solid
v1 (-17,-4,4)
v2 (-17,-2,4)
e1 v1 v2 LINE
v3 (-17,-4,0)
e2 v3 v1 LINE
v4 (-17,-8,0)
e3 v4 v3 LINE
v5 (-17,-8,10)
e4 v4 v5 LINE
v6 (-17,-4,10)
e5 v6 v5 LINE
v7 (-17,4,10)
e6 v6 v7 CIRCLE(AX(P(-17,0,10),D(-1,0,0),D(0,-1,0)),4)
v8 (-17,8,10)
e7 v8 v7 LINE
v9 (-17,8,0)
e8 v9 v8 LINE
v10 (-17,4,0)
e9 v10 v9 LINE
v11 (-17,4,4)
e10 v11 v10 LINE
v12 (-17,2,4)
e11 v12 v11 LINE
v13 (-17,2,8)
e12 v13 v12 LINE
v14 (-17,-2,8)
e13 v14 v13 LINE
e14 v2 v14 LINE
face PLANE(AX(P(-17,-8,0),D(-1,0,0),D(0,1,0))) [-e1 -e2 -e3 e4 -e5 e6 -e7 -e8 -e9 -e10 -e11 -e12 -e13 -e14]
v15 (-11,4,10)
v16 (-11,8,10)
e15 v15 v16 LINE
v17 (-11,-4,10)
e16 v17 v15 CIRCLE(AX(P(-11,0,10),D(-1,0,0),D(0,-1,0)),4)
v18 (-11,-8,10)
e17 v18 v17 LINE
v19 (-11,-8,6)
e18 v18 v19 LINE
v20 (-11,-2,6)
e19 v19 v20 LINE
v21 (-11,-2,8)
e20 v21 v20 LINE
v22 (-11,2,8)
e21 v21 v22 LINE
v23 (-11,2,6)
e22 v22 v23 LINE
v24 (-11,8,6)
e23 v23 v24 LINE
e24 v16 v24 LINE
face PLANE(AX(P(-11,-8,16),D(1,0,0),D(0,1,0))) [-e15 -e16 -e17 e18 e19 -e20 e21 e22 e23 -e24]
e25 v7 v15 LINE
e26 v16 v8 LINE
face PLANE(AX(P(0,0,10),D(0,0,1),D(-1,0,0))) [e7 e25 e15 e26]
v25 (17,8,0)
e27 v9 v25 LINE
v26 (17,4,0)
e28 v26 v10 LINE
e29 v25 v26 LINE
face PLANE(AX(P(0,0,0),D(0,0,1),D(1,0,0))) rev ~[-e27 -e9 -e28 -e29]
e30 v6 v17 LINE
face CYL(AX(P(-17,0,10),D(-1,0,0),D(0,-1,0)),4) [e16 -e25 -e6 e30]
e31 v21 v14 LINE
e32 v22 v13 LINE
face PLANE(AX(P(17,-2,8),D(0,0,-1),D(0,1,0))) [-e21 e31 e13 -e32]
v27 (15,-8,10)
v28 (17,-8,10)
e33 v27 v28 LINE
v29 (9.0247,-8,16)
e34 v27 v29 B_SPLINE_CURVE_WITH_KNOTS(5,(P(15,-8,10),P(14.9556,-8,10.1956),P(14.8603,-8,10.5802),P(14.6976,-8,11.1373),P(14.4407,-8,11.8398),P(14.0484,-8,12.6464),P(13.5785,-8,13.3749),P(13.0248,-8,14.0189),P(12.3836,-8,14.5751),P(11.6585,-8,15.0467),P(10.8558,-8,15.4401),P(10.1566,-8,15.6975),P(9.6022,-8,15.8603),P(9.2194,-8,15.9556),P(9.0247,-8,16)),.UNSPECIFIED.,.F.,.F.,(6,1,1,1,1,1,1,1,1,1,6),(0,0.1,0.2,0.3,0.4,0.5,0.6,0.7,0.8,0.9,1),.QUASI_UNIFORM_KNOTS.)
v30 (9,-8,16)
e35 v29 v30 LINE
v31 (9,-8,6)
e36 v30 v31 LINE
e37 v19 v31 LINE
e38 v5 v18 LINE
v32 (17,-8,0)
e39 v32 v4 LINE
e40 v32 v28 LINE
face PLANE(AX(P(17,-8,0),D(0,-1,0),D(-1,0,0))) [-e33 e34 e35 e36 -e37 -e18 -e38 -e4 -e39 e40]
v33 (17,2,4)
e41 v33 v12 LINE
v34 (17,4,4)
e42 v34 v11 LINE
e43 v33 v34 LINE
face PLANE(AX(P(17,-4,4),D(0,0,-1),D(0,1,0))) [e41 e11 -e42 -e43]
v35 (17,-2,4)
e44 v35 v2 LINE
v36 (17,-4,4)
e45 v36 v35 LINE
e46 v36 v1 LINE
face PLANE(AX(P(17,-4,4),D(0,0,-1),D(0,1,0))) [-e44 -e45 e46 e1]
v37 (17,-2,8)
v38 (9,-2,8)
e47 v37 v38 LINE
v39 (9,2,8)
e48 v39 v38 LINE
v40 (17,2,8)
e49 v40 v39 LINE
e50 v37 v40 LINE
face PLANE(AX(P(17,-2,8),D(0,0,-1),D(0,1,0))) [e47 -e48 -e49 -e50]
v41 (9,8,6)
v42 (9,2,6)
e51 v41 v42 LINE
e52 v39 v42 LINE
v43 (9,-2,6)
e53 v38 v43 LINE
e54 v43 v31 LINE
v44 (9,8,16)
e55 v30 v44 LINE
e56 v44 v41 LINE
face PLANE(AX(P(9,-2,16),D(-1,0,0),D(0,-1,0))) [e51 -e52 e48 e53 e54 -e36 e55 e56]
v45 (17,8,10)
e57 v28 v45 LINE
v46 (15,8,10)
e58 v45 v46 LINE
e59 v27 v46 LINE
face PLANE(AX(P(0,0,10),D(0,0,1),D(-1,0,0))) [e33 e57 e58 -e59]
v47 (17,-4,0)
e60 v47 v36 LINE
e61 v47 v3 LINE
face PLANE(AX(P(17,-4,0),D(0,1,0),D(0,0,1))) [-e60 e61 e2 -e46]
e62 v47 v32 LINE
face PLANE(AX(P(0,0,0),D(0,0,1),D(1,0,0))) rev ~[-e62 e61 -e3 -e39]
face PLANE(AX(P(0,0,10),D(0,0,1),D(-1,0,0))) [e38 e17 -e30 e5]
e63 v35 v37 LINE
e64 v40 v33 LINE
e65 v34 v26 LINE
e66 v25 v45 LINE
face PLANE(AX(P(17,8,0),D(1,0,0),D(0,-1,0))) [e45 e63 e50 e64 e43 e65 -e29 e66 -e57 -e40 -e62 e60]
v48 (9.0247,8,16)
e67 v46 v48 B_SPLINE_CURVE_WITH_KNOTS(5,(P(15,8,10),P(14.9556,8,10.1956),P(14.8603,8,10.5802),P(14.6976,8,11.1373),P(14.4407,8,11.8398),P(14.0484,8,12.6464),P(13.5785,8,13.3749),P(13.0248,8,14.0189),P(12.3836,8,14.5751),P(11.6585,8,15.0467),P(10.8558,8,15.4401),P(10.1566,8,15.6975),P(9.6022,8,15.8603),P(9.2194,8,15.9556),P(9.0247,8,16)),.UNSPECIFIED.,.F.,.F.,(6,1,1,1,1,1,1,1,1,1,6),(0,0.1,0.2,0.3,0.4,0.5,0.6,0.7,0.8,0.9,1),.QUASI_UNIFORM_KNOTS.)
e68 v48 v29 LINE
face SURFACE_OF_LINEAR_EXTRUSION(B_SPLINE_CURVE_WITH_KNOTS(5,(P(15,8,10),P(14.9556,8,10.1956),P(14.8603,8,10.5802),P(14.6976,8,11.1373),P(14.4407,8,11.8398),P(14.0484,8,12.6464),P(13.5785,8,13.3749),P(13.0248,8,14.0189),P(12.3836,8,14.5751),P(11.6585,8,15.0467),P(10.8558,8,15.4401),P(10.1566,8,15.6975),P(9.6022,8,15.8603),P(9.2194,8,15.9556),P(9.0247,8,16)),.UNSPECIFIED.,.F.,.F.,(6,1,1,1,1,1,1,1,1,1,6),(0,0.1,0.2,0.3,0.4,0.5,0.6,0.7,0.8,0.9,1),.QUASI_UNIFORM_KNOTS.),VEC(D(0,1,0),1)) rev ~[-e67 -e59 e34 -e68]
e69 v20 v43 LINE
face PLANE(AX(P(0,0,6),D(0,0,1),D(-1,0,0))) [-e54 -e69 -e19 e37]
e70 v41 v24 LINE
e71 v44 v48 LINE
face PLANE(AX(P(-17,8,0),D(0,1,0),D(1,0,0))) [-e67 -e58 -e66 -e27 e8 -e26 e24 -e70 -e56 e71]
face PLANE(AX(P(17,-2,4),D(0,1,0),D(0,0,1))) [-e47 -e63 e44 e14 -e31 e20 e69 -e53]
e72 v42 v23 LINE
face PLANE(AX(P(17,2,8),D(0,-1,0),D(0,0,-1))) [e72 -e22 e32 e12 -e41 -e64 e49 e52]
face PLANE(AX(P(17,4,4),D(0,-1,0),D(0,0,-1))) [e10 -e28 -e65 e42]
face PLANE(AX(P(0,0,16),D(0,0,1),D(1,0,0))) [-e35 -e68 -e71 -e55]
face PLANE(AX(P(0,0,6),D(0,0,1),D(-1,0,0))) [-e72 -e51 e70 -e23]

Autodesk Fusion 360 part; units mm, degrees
sketch "Sketch1" plane through (0, 0, 0) normal (0, 0, 1) x (1, 0, 0)
  line L0 (17, -8) -> (-17, -8)
  line L1 (-17, -8) -> (-17, 8)
  line L2 (-17, 8) -> (17, 8)
  line L3 (17, 8) -> (17, -8)
  line L4 (17, -8) -> (-17, 8) construction
  line L5 (-17, -8) -> (17, 8) construction
  dimension "d1" = 34
  dimension "d2" = 16
extrude "Extrude1" add sketch "Sketch1" along normal blind 16
sketch "Sketch2" plane through (0, 0, 16) normal (0, 0, 1) x (-1, 0, 0)
  line L0 (-17, -8) -> (17, -8)
  line L1 (17, -8) -> (17, 8)
  line L2 (17, 8) -> (-17, 8)
  line L3 (-17, 8) -> (-17, -8)
  line L4 (-17, 8) -> (-15, 8)
  line L5 (-15, 8) -> (-15, -8)
  line L6 (-15, -8) -> (-17, -8)
  line L7 (-17, -8) -> (-17, 8)
  dimension "d5" = 2
extrude "Extrude2" cut sketch "Sketch2" against normal blind 6 contours L0 L2 L3 L4 L5 L6 L7
sketch "Sketch3" plane through (0, 8, 0) normal (0, 1, 0) x (-1, 0, 0)
  line L0 (-15, 16) -> (-15, 10)
  line L1 (-15, 10) -> (-17, 10)
  line L2 (-17, 10) -> (-17, 0)
  line L3 (-17, 0) -> (17, 0)
  line L4 (17, 0) -> (17, 16)
  line L5 (17, 16) -> (-15, 16)
  spline S0 degree 5 poles (-15, 10) (-14.9556, 10.1956) (-14.8603, 10.5802) (-14.6976, 11.1373) (-14.4407, 11.8398) (-14.0484, 12.6464) (-13.5785, 13.3749) (-13.0248, 14.0189) (-12.3836, 14.5751) (-11.6585, 15.0467) (-10.8558, 15.4401) (-10.1566, 15.6975) (-9.6022, 15.8603) (-9.2194, 15.9556) (-9.0247, 16) knots 0 0 0 0 0 0 0.1 0.2 0.3 0.4 0.5 0.6 0.7 0.8 0.9 1 1 1 1 1 1
  point P0 (-13, 14)
extrude "Extrude3" cut sketch "Sketch3" against normal blind 16 contours L0 L5 S0
sketch "Sketch4" plane through (17, 0, 0) normal (1, 0, 0) x (0, 1, 0)
  line L0 (8, 10) -> (-8, 10)
  line L1 (-8, 10) -> (-8, 0)
  line L2 (-8, 0) -> (8, 0)
  line L3 (8, 0) -> (8, 10)
  line L4 (4, 0) -> (-4, 0)
  line L5 (-4, 0) -> (-4, 4)
  line L6 (-4, 4) -> (4, 4)
  line L7 (4, 4) -> (4, 0)
  line L8 (4, 0) -> (-4, 4) construction
  line L9 (-4, 0) -> (4, 4) construction
  point P0 (0, 2)
  dimension "d10" = 8
  dimension "d11" = 4
extrude "Extrude4" cut sketch "Sketch4" against normal blind 34 contours L2 L4 L5 L6 L7
sketch "Sketch5" plane through (17, 0, 0) normal (1, 0, 0) x (0, 1, 0)
  line L0 (4, 4) -> (4, 0)
  line L1 (4, 0) -> (8, 0)
  line L2 (8, 0) -> (8, 10)
  line L3 (8, 10) -> (-8, 10)
  line L4 (-8, 10) -> (-8, 0)
  line L5 (-8, 0) -> (-4, 0)
  line L6 (-4, 0) -> (-4, 4)
  line L7 (-4, 4) -> (4, 4)
  line L8 (2, 4) -> (-2, 4)
  line L9 (-2, 4) -> (-2, 8)
  line L10 (-2, 8) -> (2, 8)
  line L11 (2, 8) -> (2, 4)
  line L12 (2, 4) -> (-2, 8) construction
  line L13 (-2, 4) -> (2, 8) construction
  point P0 (0, 6)
  dimension "d14" = 4
  dimension "d15" = 4
extrude "Extrude5" cut sketch "Sketch5" against normal blind 34 contours L7 L8 L9 L10 L11
sketch "Sketch6" plane through (0, 0, 16) normal (0, 0, 1) x (-1, 0, 0)
  line L0 (-9.0247, 8) -> (-9.0247, -8)
  line L1 (-9.0247, -8) -> (17, -8)
  line L2 (17, -8) -> (17, 8)
  line L3 (17, 8) -> (-9.0247, 8)
  line L4 (-9, -2) -> (11, -2)
  line L5 (11, -2) -> (11, -8)
  line L6 (11, -8) -> (-9, -8)
  line L7 (-9, -8) -> (-9, -2)
  line L8 (-9, -2) -> (11, -8) construction
  line L9 (11, -2) -> (-9, -8) construction
  point P0 (1, -5)
  dimension "d18" = 20
  dimension "d19" = 6
extrude "Extrude6" cut sketch "Sketch6" against normal blind 10 contours L1 L4 L5 L6 L7
sketch "Sketch7" plane through (0, 0, 16) normal (0, 0, 1) x (-1, 0, 0)
  line L0 (-9, -8) -> (-9, -2)
  line L1 (-9, -2) -> (11, -2)
  line L2 (11, -2) -> (11, -8)
  line L3 (11, -8) -> (17, -8)
  line L4 (17, -8) -> (17, 8)
  line L5 (17, 8) -> (-9.0247, 8)
  line L6 (-9.0247, 8) -> (-9.0247, -8)
  line L7 (-9.0247, -8) -> (-9, -8)
  line L8 (11, 2) -> (-9, 2)
  line L9 (-9, 2) -> (-9, 8)
  line L10 (-9, 8) -> (11, 8)
  line L11 (11, 8) -> (11, 2)
  line L12 (11, 2) -> (-9, 8) construction
  line L13 (-9, 2) -> (11, 8) construction
  point P0 (1, 5)
  dimension "d22" = 20
  dimension "d23" = 6
extrude "Extrude7" cut sketch "Sketch7" against normal blind 10 contours L5 L8 L9 L10 L11
sketch "Sketch8" plane through (0, 0, 16) normal (0, 0, 1) x (-1, 0, 0)
  line L0 (11, 8) -> (11, 2)
  line L1 (11, 2) -> (-9, 2)
  line L2 (-9, 2) -> (-9, 8)
  line L3 (-9, 8) -> (-9.0247, 8)
  line L4 (-9.0247, 8) -> (-9.0247, -8)
  line L5 (-9.0247, -8) -> (-9, -8)
  line L6 (-9, -8) -> (-9, -2)
  line L7 (-9, -2) -> (11, -2)
  line L8 (11, -2) -> (11, -8)
  line L9 (11, -8) -> (17, -8)
  line L10 (17, -8) -> (17, 8)
  line L11 (17, 8) -> (11, 8)
  line L12 (11, -2) -> (-9, -2)
  line L13 (-9, -2) -> (-9, 2)
  line L14 (-9, 2) -> (11, 2)
  line L15 (11, 2) -> (11, -2)
  line L16 (11, -2) -> (-9, 2) construction
  line L17 (-9, -2) -> (11, 2) construction
  point P0 (1, 0)
extrude "Extrude8" cut sketch "Sketch8" against normal blind 8 contours L1 L7 L12 L13 L14 L15
sketch "Sketch9" plane through (0, 0, 16) normal (0, 0, 1) x (-1, 0, 0)
  line L0 (11, 8) -> (11, -8)
  line L1 (11, -8) -> (17, -8)
  line L2 (17, -8) -> (17, 8)
  line L3 (17, 8) -> (11, 8)
  line L4 (11, -8) -> (17, -8)
  line L5 (17, -8) -> (17, -4)
  line L6 (17, -4) -> (11, -4)
  line L7 (11, -4) -> (11, -8)
  dimension "d28" = 4
extrude "Extrude9" cut sketch "Sketch9" against normal blind 6 contours L0 L1 L2 L4 L5 L6 L7
sketch "Sketch10" plane through (0, 0, 16) normal (0, 0, 1) x (-1, 0, 0)
  line L0 (11, -4) -> (17, -4)
  line L1 (17, -4) -> (17, 8)
  line L2 (17, 8) -> (11, 8)
  line L3 (11, 8) -> (11, -4)
  line L4 (11, 8) -> (17, 8)
  line L5 (17, 8) -> (17, 4)
  line L6 (17, 4) -> (11, 4)
  line L7 (11, 4) -> (11, 8)
  dimension "d31" = 6
  dimension "d32" = 4
extrude "Extrude10" cut sketch "Sketch10" against normal blind 6 contours L1 L2 L3 L4 L5 L6 L7
sketch "Sketch11" plane through (-11, 0, 0) normal (1, 0, 0) x (0, 1, 0)
  line L0 (-4, 16) -> (-4, 10)
  line L1 (-4, 10) -> (-8, 10)
  line L2 (-8, 10) -> (-8, 6)
  line L3 (-8, 6) -> (-2, 6)
  line L4 (-2, 6) -> (-2, 8)
  line L5 (-2, 8) -> (2, 8)
  line L6 (2, 8) -> (2, 6)
  line L7 (2, 6) -> (8, 6)
  line L8 (8, 6) -> (8, 10)
  line L9 (8, 10) -> (4, 10)
  line L10 (4, 10) -> (4, 16)
  line L11 (4, 16) -> (-4, 16)
sketch "Sketch12" plane through (-17, 0, 0) normal (-1, 0, 0) x (0, -1, 0)
  line L0 (4, 10) -> (4, 16)
  line L1 (4, 16) -> (-4, 16)
  line L2 (-4, 16) -> (-4, 10)
  line L3 (-4, 10) -> (-8, 10)
  line L4 (-8, 10) -> (-8, 0)
  line L5 (-8, 0) -> (-4, 0)
  line L6 (-4, 0) -> (-4, 4)
  line L7 (-4, 4) -> (-2, 4)
  line L8 (-2, 4) -> (-2, 8)
  line L9 (-2, 8) -> (2, 8)
  line L10 (2, 8) -> (2, 4)
  line L11 (2, 4) -> (4, 4)
  line L12 (4, 4) -> (4, 0)
  line L13 (4, 0) -> (8, 0)
  line L14 (8, 0) -> (8, 10)
  line L15 (8, 10) -> (4, 10)
  arc A0 (4, 10) -> (-4, 10) centre (0, 10) ccw
extrude "Extrude11" cut sketch "Sketch12" against normal blind 6 contours L0 L1 L2 A0
